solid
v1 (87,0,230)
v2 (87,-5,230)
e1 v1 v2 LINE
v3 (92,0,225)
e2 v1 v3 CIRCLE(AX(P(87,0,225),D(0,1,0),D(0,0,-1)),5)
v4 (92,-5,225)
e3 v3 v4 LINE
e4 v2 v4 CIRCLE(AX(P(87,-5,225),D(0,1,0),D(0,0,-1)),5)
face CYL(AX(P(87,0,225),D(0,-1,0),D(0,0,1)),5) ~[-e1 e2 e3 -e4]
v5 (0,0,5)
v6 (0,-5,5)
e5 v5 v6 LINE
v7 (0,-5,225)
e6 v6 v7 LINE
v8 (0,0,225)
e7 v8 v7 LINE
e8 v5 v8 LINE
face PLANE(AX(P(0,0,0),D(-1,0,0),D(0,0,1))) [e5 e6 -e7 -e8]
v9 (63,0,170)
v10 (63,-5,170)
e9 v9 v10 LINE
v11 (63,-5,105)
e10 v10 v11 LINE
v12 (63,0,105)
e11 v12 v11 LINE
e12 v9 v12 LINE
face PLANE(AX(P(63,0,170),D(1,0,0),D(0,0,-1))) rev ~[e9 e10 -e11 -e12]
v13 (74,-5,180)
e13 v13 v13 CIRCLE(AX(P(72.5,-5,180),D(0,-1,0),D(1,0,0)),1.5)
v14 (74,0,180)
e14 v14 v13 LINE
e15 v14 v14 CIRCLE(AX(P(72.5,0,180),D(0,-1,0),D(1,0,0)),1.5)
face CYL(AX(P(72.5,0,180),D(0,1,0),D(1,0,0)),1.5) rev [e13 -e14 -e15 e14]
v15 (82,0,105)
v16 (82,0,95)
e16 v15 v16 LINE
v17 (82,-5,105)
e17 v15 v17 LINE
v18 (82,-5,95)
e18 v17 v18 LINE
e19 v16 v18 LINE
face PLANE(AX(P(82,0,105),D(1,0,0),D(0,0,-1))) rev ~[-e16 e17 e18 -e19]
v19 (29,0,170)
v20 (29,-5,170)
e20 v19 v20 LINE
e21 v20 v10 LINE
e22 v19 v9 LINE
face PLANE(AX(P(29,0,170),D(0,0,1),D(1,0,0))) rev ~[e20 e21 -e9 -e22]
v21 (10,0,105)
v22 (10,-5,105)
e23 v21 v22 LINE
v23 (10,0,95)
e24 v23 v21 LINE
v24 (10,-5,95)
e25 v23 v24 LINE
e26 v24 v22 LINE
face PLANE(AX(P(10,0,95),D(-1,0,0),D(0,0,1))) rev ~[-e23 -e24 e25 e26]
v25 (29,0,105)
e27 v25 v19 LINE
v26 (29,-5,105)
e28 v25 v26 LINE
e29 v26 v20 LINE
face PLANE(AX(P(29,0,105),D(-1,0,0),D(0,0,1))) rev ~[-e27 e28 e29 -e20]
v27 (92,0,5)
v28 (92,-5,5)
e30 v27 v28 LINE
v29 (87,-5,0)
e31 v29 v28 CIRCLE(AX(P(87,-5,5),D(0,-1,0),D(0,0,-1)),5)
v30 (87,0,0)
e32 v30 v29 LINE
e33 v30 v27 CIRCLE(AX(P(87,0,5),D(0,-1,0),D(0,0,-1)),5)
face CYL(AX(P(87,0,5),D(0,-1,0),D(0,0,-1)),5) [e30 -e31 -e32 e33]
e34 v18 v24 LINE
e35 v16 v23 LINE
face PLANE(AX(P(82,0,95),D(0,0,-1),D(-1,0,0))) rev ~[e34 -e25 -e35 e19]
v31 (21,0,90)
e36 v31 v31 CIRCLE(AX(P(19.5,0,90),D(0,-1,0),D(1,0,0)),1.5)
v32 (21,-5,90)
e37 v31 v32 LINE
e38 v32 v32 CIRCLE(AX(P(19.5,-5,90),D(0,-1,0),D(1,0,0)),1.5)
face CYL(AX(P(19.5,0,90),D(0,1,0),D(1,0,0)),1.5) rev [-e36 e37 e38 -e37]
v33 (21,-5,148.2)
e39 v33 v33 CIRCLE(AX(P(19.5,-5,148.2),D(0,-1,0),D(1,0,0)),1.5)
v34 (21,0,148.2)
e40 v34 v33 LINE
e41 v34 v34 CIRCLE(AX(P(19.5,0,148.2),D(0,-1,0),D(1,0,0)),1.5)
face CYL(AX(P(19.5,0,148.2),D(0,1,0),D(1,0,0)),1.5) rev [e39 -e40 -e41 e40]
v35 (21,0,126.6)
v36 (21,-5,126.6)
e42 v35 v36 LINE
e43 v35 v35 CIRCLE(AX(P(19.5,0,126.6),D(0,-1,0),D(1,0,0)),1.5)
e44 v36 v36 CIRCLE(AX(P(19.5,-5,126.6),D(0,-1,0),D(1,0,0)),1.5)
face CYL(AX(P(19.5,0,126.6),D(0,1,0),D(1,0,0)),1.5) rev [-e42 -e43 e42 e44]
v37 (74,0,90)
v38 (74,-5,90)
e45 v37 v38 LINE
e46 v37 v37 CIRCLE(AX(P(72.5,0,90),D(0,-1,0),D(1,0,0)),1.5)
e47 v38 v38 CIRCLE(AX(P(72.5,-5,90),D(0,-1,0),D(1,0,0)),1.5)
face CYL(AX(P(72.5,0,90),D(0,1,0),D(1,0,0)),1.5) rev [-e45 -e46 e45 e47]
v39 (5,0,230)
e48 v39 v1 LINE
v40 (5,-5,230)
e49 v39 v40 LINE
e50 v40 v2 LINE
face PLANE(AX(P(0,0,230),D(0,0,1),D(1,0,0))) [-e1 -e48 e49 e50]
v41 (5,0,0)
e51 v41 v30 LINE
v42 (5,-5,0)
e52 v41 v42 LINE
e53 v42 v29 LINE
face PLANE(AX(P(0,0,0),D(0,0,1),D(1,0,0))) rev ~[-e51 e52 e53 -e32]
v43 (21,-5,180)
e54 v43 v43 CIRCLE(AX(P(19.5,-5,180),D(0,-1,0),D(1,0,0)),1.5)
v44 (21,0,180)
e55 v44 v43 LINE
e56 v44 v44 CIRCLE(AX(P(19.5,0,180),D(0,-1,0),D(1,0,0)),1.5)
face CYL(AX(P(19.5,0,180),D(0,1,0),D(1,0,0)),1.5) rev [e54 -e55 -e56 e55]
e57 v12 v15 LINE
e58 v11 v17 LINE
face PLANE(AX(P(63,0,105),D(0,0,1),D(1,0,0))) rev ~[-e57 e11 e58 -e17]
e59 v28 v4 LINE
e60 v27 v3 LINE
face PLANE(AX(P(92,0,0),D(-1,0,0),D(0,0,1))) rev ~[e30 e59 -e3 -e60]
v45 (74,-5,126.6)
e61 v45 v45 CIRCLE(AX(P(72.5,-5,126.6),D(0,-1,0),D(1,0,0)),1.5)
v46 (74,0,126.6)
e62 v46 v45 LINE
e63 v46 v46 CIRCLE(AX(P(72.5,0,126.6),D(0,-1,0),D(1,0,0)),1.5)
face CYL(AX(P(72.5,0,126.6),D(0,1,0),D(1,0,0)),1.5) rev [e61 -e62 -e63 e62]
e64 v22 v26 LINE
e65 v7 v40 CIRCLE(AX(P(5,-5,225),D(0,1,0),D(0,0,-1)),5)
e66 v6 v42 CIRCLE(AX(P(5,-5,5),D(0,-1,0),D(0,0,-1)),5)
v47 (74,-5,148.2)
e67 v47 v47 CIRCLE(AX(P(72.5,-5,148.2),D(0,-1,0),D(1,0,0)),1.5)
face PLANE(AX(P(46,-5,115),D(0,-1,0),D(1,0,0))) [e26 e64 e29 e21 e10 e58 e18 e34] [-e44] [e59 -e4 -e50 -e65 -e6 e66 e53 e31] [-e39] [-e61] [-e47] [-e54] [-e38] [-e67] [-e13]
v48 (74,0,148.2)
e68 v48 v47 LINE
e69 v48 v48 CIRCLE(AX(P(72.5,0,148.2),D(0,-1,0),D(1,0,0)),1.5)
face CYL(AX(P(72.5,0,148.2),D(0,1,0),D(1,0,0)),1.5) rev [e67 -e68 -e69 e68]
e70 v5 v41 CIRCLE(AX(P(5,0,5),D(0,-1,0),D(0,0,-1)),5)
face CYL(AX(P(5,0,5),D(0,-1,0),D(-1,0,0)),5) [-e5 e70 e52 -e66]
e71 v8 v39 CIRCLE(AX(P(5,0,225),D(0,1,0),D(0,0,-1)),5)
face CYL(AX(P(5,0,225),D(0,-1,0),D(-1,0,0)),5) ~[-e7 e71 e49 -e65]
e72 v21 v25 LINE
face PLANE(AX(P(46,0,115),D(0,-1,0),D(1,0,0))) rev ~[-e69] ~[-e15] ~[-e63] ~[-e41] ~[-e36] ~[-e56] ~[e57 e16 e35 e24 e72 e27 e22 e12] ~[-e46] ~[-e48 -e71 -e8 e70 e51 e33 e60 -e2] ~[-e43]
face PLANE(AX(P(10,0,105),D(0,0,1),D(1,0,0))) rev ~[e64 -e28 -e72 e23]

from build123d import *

# Parameters (mm, degrees)
F0_W     = 92
F0_H     = 230
F0_R     = 1.5
F1_DEPTH = 5
F2_R     = 5


with BuildPart() as f1:
    # F0 (on Front) → F1 (new body)
    with BuildSketch(Plane.XZ):
        with Locations((46, 115)):
            Rectangle(F0_W, F0_H)
        with Locations((19.5, 90)):
            Circle(F0_R, mode=Mode.SUBTRACT)
        with Locations((72.5, 90)):
            Circle(F0_R, mode=Mode.SUBTRACT)
        with Locations((19.5, 126.6)):
            Circle(F0_R, mode=Mode.SUBTRACT)
        with Locations((19.5, 148.2)):
            Circle(F0_R, mode=Mode.SUBTRACT)
        with Locations((19.5, 180)):
            Circle(F0_R, mode=Mode.SUBTRACT)
        Polygon((82, 95), (10, 95), (10, 105), (29, 105), (29, 170), (63, 170), (63, 105), (82, 105), align=None, mode=Mode.SUBTRACT)
        with Locations((72.5, 126.6)):
            Circle(F0_R, mode=Mode.SUBTRACT)
        with Locations((72.5, 148.2)):
            Circle(F0_R, mode=Mode.SUBTRACT)
        with Locations((72.5, 180)):
            Circle(F0_R, mode=Mode.SUBTRACT)
    extrude(amount=F1_DEPTH)

    # F2
    f2_edges = [f1.edges().sort_by_distance(p)[0] for p in [
        (92, -2.5, 230),
        (0, -2.5, 230),
        (0, -2.5, 0),
        (92, -2.5, 0),
    ]]
    fillet(f2_edges, radius=F2_R)


solid = f1.part
